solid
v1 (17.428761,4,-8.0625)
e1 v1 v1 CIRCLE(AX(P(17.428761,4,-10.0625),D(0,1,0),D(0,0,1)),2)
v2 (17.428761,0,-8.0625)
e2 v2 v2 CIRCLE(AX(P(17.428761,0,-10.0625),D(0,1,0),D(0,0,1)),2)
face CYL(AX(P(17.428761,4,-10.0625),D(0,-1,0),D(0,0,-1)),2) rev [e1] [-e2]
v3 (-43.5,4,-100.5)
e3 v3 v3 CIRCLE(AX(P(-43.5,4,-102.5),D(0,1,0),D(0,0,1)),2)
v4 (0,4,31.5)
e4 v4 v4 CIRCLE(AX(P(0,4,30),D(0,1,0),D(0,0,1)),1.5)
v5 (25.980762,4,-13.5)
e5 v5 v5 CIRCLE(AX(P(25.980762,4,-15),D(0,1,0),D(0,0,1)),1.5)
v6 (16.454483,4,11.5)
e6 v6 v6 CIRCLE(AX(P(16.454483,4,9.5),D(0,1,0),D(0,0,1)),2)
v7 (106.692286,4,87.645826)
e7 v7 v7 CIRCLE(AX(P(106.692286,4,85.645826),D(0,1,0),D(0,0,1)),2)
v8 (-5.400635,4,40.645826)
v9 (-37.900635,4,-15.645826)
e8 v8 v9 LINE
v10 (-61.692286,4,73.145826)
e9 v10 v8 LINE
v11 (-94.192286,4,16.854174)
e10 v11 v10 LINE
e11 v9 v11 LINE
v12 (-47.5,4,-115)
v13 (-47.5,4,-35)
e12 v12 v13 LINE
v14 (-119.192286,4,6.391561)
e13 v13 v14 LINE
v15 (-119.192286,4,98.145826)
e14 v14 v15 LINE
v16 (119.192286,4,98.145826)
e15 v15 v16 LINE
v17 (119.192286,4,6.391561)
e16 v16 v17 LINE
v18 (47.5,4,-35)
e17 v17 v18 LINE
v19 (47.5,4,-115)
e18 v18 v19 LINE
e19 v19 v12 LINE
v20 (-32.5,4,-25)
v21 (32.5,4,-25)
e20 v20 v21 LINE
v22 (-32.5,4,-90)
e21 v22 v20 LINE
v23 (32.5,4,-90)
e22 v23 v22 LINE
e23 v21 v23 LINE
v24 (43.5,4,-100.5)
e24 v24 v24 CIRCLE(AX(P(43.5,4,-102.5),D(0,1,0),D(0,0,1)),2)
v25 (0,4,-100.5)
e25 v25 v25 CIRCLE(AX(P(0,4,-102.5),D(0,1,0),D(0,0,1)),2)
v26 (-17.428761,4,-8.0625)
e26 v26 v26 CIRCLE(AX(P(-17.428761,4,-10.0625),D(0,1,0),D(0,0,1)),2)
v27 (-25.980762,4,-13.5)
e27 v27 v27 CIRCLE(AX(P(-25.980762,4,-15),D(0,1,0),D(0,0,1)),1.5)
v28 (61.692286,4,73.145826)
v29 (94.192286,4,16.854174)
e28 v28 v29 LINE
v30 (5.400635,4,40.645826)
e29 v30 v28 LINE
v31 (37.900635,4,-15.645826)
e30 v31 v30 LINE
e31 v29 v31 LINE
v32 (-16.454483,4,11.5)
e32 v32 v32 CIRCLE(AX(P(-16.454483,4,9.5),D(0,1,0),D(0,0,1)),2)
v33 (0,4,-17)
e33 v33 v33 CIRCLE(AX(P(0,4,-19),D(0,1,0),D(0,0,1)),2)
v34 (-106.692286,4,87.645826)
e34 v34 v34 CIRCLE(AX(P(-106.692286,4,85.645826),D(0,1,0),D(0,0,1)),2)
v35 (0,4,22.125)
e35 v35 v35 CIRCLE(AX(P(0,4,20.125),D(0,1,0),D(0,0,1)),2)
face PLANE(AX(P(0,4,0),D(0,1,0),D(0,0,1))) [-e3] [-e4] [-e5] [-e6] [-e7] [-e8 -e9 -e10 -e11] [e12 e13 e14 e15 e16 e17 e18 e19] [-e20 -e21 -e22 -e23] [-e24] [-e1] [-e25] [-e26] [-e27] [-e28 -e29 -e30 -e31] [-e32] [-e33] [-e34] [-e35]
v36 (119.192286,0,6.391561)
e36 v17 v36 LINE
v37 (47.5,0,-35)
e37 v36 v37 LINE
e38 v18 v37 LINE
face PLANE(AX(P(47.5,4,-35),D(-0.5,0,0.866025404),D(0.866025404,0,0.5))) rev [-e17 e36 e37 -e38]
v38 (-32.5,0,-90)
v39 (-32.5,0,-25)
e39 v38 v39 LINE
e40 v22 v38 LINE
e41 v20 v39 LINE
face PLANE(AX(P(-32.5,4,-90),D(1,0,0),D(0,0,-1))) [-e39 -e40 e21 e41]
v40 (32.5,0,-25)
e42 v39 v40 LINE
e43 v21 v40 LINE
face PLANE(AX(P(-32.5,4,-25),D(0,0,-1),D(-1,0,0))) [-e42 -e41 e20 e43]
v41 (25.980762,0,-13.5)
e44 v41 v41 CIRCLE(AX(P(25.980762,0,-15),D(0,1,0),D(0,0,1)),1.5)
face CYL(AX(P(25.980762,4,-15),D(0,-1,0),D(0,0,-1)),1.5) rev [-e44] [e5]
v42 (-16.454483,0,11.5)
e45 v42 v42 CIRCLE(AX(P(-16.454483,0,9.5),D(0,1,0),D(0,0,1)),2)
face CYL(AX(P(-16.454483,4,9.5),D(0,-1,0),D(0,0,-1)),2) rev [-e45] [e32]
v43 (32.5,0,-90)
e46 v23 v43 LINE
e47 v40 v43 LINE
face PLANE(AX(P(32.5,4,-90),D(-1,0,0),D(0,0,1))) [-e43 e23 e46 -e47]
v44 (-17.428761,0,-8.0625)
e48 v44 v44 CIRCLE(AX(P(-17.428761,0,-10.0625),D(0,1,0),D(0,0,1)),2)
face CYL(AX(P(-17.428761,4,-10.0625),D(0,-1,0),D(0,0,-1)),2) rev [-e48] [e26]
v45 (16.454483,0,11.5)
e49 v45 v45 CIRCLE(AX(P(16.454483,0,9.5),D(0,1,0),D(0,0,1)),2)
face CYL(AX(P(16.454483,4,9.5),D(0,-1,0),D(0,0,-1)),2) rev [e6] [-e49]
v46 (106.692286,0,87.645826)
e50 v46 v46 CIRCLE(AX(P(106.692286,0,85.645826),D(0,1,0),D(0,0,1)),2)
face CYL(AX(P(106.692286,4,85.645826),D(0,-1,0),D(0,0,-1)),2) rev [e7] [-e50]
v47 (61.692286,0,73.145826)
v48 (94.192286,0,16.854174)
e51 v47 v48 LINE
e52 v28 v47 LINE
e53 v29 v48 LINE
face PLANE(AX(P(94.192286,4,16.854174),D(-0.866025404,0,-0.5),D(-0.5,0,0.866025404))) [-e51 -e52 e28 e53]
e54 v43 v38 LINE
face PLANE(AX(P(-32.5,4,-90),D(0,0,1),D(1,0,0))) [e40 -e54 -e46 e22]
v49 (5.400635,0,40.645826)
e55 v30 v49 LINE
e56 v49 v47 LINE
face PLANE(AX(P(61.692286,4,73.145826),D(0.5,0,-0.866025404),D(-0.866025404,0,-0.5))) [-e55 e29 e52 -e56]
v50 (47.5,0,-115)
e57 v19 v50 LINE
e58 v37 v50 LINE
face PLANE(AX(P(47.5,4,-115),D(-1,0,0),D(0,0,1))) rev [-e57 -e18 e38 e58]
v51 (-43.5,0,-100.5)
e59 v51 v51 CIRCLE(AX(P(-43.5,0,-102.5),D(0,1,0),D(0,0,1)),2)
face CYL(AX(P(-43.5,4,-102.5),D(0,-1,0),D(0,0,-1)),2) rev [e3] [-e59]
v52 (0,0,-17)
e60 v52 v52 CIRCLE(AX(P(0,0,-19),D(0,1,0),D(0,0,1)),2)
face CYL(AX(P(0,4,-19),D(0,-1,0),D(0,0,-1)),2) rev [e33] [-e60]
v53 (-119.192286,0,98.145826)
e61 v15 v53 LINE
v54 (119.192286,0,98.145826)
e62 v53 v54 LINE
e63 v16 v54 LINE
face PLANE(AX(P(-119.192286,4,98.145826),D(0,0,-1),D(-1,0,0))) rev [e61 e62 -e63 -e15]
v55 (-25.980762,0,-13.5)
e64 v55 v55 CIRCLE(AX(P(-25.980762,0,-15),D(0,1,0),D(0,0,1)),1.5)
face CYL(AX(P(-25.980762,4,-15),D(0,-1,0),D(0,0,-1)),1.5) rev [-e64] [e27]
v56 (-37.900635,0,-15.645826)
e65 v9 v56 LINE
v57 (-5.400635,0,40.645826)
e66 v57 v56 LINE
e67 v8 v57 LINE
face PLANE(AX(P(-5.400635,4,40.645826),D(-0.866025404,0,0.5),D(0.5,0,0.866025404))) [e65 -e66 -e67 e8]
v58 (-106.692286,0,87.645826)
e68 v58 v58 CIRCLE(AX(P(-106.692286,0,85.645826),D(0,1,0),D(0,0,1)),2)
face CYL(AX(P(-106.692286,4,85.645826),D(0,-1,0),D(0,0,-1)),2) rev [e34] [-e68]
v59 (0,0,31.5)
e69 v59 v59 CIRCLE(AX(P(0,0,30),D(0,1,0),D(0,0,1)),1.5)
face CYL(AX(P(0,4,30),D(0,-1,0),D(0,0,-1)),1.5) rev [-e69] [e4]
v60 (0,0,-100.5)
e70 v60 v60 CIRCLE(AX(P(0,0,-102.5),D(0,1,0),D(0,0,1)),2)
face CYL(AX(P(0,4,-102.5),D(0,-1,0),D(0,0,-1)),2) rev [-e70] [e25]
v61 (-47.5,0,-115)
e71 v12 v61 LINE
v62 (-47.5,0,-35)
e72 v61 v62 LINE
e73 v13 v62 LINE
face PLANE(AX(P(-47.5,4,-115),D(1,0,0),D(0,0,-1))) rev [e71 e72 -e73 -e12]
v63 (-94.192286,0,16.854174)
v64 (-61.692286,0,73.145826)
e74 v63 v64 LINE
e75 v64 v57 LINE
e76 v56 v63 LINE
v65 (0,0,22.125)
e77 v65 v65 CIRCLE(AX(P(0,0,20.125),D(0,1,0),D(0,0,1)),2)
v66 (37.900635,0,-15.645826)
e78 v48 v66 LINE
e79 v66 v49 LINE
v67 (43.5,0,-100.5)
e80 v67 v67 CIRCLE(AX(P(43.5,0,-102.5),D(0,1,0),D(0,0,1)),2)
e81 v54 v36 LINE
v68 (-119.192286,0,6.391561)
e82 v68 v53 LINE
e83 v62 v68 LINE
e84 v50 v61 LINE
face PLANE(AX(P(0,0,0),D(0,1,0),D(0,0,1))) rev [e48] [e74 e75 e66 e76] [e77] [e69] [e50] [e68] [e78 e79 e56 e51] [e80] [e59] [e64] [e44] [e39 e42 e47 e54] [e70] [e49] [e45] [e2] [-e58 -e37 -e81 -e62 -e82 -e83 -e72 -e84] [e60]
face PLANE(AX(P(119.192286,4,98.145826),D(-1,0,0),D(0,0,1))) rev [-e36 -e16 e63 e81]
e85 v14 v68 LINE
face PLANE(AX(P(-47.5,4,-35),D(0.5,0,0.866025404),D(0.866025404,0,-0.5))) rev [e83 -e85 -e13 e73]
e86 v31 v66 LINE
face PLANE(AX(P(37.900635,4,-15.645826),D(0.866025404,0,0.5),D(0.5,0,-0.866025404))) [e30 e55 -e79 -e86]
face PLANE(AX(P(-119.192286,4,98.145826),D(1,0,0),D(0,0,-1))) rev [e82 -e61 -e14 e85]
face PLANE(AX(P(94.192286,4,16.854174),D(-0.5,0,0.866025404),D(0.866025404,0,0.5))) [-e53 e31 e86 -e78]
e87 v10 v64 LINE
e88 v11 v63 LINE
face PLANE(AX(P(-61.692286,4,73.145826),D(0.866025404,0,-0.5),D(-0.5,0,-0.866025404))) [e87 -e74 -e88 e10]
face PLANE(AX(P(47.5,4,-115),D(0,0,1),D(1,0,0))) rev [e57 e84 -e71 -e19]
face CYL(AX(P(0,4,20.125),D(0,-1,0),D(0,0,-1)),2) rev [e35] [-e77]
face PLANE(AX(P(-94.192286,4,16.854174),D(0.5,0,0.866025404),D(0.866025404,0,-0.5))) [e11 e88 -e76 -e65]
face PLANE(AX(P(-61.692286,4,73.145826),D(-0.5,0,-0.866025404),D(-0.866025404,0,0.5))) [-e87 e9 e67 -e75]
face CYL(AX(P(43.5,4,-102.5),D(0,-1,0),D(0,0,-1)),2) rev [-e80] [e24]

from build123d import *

# Parameters (mm, degrees)
SKETCH_1_R      = 2
SKETCH_1_R_2    = 1.5
SKETCH_1_W      = 65
SKETCH_1_H      = 65
EXTRUDE_1_DEPTH = 4


with BuildPart() as part:
    # 草图1 → 凸台-拉伸1 (new body)
    with BuildSketch(Plane(origin=(0, 0, 0), x_dir=(1, 0, 0), z_dir=(0, 1, 0))):
        Polygon((119.192286341, -98.145825623), (119.192286341, -6.391560818), (47.5, 35), (47.5, 115), (-47.5, 115), (-47.5, 35), (-119.192286341, -6.391560818), (-119.192286341, -98.145825623), align=None)
        with Locations(Location((0, 19, 0), (0, 0, 270))):
            Circle(SKETCH_1_R, mode=Mode.SUBTRACT)
        with Locations(Location((25.980762114, 15, 0), (0, 0, 270))):
            Circle(SKETCH_1_R_2, mode=Mode.SUBTRACT)
        with Locations(Location((16.454482672, -9.5, 0), (0, 0, 270))):
            Circle(SKETCH_1_R, mode=Mode.SUBTRACT)
        with Locations(Location((0, -30, 0), (0, 0, 270))):
            Circle(SKETCH_1_R_2, mode=Mode.SUBTRACT)
        with Locations(Location((-16.454482672, -9.5, 0), (0, 0, 270))):
            Circle(SKETCH_1_R, mode=Mode.SUBTRACT)
        with Locations(Location((-25.980762114, 15, 0), (0, 0, 270))):
            Circle(SKETCH_1_R_2, mode=Mode.SUBTRACT)
        with Locations(Location((0, 102.5, 0), (0, 0, 270))):
            Circle(SKETCH_1_R, mode=Mode.SUBTRACT)
        with Locations(Location((-106.692286341, -85.645825623, 0), (0, 0, 270))):
            Circle(SKETCH_1_R, mode=Mode.SUBTRACT)
        with Locations(Location((106.692286341, -85.645825623, 0), (0, 0, 270))):
            Circle(SKETCH_1_R, mode=Mode.SUBTRACT)
        with Locations(Location((-43.5, 102.5, 0), (0, 0, 270))):
            Circle(SKETCH_1_R, mode=Mode.SUBTRACT)
        with Locations(Location((43.5, 102.5, 0), (0, 0, 270))):
            Circle(SKETCH_1_R, mode=Mode.SUBTRACT)
        with Locations(Location((-17.428761251, 10.0625, 0), (0, 0, 270))):
            Circle(SKETCH_1_R, mode=Mode.SUBTRACT)
        with Locations(Location((17.428761251, 10.0625, 0), (0, 0, 270))):
            Circle(SKETCH_1_R, mode=Mode.SUBTRACT)
        with Locations(Location((0, -20.125, 0), (0, 0, 270))):
            Circle(SKETCH_1_R, mode=Mode.SUBTRACT)
        with Locations((0, 57.5)):
            Rectangle(SKETCH_1_W, SKETCH_1_H, mode=Mode.SUBTRACT)
        Polygon((37.900635095, 15.645825623), (5.400635095, -40.645825623), (61.692286341, -73.145825623), (94.192286341, -16.854174377), align=None, mode=Mode.SUBTRACT)
        Polygon((-5.400635095, -40.645825623), (-37.900635095, 15.645825623), (-94.192286341, -16.854174377), (-61.692286341, -73.145825623), align=None, mode=Mode.SUBTRACT)
    extrude(amount=EXTRUDE_1_DEPTH)


solid = part.part
